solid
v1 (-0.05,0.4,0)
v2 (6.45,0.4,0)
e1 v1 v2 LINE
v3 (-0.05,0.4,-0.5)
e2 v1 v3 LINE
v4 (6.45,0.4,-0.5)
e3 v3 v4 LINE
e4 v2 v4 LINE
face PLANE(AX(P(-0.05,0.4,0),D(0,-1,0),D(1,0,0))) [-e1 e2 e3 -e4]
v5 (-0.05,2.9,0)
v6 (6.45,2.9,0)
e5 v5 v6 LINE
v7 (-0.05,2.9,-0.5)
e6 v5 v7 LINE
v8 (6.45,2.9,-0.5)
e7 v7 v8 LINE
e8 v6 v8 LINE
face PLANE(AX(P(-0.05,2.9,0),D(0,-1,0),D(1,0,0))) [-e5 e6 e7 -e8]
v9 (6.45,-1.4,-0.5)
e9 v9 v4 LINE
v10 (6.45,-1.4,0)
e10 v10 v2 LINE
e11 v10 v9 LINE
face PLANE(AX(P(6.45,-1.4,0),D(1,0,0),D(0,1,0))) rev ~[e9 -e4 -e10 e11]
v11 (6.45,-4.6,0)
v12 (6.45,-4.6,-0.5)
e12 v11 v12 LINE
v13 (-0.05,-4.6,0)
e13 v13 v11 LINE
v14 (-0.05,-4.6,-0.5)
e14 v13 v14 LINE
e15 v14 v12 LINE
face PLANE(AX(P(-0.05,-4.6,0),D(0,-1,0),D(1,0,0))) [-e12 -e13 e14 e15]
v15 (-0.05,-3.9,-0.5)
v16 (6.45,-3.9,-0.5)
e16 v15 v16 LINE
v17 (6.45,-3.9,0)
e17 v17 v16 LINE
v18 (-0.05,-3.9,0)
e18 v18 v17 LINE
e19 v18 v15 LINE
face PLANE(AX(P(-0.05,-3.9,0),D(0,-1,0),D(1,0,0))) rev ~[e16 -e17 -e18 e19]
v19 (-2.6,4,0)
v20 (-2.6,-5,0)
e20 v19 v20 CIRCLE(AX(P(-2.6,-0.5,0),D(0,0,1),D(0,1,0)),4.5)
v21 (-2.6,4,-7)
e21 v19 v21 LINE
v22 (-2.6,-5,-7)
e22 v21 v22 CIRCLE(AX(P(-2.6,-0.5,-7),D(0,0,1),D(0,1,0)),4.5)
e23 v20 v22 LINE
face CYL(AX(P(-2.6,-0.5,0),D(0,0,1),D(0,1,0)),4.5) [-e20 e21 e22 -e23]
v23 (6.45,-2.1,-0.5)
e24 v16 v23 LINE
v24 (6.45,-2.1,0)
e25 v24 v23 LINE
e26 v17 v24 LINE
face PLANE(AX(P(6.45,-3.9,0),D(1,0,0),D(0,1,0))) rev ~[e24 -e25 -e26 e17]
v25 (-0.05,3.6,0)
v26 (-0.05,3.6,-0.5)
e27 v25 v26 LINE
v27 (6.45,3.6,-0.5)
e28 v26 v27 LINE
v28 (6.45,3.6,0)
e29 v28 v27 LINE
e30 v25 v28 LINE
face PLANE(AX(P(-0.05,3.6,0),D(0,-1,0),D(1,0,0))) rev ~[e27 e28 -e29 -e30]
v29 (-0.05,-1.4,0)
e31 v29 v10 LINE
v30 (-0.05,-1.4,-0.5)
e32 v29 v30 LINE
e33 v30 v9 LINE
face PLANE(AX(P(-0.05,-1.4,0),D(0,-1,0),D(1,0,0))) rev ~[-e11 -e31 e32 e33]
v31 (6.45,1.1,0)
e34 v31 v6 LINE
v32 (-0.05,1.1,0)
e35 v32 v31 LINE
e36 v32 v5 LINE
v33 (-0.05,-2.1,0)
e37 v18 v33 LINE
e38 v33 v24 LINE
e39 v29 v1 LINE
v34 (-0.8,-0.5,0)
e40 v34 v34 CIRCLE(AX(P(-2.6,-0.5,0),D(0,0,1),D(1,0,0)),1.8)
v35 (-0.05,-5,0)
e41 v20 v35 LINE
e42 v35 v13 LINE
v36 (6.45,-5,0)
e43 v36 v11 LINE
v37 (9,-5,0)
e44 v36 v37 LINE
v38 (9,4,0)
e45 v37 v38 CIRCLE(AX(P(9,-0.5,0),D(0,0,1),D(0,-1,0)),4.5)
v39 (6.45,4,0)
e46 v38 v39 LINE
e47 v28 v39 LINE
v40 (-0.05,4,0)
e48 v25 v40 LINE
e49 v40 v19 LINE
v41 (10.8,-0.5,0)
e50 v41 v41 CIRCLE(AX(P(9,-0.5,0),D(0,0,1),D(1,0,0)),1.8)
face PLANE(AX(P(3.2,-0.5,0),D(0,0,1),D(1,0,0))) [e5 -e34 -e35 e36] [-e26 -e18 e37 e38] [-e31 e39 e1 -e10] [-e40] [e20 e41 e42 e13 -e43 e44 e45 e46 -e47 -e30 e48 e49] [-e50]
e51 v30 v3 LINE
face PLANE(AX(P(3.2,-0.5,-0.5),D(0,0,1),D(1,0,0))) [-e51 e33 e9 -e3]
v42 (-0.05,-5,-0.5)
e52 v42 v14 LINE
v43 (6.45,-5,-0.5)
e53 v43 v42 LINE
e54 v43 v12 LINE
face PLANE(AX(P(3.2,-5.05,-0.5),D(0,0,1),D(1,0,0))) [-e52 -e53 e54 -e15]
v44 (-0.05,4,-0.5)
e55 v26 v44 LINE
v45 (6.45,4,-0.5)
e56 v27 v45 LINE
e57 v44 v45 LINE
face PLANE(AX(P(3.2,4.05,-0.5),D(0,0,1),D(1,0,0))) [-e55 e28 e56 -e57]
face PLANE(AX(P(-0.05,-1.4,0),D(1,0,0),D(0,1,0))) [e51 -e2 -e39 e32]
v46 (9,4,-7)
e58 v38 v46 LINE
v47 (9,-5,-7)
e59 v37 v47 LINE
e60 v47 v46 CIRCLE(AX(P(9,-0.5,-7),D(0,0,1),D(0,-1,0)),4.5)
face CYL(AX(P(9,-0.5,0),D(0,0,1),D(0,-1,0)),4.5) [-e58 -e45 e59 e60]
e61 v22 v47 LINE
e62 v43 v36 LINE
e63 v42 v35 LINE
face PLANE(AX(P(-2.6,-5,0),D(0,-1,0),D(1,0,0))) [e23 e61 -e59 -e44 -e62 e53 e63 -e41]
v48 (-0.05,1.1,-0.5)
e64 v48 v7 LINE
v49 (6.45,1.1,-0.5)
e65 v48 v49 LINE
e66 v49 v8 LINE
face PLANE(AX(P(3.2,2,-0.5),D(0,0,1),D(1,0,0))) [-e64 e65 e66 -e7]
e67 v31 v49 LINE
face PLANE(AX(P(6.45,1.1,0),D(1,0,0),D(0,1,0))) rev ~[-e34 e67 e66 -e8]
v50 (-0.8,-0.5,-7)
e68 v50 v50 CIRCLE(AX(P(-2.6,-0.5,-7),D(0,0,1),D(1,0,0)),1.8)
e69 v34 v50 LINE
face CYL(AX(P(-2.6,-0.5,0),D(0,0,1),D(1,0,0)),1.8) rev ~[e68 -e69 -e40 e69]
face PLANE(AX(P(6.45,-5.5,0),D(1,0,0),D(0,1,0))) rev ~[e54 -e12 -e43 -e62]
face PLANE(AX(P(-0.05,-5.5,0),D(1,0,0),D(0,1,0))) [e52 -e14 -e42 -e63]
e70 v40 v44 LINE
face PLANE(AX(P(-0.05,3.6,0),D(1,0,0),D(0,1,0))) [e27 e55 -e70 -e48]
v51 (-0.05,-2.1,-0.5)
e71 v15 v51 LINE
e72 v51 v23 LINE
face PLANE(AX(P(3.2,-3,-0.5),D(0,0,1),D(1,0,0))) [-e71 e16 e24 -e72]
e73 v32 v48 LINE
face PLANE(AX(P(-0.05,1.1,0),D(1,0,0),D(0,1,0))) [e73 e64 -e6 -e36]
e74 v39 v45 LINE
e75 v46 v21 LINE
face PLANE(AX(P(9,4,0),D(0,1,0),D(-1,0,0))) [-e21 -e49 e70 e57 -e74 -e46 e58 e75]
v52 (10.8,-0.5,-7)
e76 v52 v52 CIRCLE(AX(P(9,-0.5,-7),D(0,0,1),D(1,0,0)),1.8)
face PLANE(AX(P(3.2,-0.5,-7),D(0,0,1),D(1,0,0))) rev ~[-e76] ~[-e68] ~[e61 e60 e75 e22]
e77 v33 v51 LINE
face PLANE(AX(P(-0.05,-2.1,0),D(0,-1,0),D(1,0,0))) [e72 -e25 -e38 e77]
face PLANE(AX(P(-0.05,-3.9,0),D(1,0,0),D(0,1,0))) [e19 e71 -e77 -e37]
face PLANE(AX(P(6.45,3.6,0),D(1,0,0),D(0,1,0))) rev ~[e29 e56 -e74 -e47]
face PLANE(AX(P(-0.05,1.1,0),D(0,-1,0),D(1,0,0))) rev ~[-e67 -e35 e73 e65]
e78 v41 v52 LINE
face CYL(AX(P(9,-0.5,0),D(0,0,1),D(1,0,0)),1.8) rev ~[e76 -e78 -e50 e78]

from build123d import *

# Parameters (mm, degrees)
BOSS_EXTRUDE1_DEPTH = 7
SKETCH5_R           = 1.799999865
SKETCH5_R_2         = 1.8
CUT_EXTRUDE4_DEPTH  = 8
SKETCH2_W           = 6.5
SKETCH2_H           = 1.8
SKETCH2_H_2         = 0.9
CUT_EXTRUDE1_DEPTH  = 0.5


with BuildPart() as part:
    # Sketch1 → Boss-Extrude1 (new body)
    with BuildSketch(Plane.XY):
        with BuildLine():
            Line((9, 4), (-2.6, 4))
            ThreePointArc((-2.6, 4), (-7.1, -0.5), (-2.6, -5))
            Line((-2.6, -5), (9, -5))
            ThreePointArc((9, -5), (13.5, -0.5), (9, 4))
        make_face()
    extrude(amount=-BOSS_EXTRUDE1_DEPTH)

    # Sketch5 → Cut-Extrude4 (cut, through all)
    with BuildSketch(Plane.XY):
        with Locations((9, -0.5)):
            Circle(SKETCH5_R)
        with Locations((-2.6, -0.5)):
            Circle(SKETCH5_R_2)
    extrude(amount=-CUT_EXTRUDE4_DEPTH, mode=Mode.SUBTRACT)

    # Sketch2 → Cut-Extrude1 (cut)
    with BuildSketch(Plane.XY):
        with Locations((3.200000135, 2)):
            Rectangle(SKETCH2_W, SKETCH2_H)
        with Locations((3.200000135, -5.05)):
            Rectangle(SKETCH2_W, SKETCH2_H_2)
        with Locations((3.200000135, -0.5)):
            Rectangle(SKETCH2_W, SKETCH2_H)
        with Locations((3.200000135, -3)):
            Rectangle(SKETCH2_W, SKETCH2_H)
        with Locations((3.200000135, 4.05)):
            Rectangle(SKETCH2_W, SKETCH2_H_2)
    extrude(amount=-CUT_EXTRUDE1_DEPTH, mode=Mode.SUBTRACT)


solid = part.part
